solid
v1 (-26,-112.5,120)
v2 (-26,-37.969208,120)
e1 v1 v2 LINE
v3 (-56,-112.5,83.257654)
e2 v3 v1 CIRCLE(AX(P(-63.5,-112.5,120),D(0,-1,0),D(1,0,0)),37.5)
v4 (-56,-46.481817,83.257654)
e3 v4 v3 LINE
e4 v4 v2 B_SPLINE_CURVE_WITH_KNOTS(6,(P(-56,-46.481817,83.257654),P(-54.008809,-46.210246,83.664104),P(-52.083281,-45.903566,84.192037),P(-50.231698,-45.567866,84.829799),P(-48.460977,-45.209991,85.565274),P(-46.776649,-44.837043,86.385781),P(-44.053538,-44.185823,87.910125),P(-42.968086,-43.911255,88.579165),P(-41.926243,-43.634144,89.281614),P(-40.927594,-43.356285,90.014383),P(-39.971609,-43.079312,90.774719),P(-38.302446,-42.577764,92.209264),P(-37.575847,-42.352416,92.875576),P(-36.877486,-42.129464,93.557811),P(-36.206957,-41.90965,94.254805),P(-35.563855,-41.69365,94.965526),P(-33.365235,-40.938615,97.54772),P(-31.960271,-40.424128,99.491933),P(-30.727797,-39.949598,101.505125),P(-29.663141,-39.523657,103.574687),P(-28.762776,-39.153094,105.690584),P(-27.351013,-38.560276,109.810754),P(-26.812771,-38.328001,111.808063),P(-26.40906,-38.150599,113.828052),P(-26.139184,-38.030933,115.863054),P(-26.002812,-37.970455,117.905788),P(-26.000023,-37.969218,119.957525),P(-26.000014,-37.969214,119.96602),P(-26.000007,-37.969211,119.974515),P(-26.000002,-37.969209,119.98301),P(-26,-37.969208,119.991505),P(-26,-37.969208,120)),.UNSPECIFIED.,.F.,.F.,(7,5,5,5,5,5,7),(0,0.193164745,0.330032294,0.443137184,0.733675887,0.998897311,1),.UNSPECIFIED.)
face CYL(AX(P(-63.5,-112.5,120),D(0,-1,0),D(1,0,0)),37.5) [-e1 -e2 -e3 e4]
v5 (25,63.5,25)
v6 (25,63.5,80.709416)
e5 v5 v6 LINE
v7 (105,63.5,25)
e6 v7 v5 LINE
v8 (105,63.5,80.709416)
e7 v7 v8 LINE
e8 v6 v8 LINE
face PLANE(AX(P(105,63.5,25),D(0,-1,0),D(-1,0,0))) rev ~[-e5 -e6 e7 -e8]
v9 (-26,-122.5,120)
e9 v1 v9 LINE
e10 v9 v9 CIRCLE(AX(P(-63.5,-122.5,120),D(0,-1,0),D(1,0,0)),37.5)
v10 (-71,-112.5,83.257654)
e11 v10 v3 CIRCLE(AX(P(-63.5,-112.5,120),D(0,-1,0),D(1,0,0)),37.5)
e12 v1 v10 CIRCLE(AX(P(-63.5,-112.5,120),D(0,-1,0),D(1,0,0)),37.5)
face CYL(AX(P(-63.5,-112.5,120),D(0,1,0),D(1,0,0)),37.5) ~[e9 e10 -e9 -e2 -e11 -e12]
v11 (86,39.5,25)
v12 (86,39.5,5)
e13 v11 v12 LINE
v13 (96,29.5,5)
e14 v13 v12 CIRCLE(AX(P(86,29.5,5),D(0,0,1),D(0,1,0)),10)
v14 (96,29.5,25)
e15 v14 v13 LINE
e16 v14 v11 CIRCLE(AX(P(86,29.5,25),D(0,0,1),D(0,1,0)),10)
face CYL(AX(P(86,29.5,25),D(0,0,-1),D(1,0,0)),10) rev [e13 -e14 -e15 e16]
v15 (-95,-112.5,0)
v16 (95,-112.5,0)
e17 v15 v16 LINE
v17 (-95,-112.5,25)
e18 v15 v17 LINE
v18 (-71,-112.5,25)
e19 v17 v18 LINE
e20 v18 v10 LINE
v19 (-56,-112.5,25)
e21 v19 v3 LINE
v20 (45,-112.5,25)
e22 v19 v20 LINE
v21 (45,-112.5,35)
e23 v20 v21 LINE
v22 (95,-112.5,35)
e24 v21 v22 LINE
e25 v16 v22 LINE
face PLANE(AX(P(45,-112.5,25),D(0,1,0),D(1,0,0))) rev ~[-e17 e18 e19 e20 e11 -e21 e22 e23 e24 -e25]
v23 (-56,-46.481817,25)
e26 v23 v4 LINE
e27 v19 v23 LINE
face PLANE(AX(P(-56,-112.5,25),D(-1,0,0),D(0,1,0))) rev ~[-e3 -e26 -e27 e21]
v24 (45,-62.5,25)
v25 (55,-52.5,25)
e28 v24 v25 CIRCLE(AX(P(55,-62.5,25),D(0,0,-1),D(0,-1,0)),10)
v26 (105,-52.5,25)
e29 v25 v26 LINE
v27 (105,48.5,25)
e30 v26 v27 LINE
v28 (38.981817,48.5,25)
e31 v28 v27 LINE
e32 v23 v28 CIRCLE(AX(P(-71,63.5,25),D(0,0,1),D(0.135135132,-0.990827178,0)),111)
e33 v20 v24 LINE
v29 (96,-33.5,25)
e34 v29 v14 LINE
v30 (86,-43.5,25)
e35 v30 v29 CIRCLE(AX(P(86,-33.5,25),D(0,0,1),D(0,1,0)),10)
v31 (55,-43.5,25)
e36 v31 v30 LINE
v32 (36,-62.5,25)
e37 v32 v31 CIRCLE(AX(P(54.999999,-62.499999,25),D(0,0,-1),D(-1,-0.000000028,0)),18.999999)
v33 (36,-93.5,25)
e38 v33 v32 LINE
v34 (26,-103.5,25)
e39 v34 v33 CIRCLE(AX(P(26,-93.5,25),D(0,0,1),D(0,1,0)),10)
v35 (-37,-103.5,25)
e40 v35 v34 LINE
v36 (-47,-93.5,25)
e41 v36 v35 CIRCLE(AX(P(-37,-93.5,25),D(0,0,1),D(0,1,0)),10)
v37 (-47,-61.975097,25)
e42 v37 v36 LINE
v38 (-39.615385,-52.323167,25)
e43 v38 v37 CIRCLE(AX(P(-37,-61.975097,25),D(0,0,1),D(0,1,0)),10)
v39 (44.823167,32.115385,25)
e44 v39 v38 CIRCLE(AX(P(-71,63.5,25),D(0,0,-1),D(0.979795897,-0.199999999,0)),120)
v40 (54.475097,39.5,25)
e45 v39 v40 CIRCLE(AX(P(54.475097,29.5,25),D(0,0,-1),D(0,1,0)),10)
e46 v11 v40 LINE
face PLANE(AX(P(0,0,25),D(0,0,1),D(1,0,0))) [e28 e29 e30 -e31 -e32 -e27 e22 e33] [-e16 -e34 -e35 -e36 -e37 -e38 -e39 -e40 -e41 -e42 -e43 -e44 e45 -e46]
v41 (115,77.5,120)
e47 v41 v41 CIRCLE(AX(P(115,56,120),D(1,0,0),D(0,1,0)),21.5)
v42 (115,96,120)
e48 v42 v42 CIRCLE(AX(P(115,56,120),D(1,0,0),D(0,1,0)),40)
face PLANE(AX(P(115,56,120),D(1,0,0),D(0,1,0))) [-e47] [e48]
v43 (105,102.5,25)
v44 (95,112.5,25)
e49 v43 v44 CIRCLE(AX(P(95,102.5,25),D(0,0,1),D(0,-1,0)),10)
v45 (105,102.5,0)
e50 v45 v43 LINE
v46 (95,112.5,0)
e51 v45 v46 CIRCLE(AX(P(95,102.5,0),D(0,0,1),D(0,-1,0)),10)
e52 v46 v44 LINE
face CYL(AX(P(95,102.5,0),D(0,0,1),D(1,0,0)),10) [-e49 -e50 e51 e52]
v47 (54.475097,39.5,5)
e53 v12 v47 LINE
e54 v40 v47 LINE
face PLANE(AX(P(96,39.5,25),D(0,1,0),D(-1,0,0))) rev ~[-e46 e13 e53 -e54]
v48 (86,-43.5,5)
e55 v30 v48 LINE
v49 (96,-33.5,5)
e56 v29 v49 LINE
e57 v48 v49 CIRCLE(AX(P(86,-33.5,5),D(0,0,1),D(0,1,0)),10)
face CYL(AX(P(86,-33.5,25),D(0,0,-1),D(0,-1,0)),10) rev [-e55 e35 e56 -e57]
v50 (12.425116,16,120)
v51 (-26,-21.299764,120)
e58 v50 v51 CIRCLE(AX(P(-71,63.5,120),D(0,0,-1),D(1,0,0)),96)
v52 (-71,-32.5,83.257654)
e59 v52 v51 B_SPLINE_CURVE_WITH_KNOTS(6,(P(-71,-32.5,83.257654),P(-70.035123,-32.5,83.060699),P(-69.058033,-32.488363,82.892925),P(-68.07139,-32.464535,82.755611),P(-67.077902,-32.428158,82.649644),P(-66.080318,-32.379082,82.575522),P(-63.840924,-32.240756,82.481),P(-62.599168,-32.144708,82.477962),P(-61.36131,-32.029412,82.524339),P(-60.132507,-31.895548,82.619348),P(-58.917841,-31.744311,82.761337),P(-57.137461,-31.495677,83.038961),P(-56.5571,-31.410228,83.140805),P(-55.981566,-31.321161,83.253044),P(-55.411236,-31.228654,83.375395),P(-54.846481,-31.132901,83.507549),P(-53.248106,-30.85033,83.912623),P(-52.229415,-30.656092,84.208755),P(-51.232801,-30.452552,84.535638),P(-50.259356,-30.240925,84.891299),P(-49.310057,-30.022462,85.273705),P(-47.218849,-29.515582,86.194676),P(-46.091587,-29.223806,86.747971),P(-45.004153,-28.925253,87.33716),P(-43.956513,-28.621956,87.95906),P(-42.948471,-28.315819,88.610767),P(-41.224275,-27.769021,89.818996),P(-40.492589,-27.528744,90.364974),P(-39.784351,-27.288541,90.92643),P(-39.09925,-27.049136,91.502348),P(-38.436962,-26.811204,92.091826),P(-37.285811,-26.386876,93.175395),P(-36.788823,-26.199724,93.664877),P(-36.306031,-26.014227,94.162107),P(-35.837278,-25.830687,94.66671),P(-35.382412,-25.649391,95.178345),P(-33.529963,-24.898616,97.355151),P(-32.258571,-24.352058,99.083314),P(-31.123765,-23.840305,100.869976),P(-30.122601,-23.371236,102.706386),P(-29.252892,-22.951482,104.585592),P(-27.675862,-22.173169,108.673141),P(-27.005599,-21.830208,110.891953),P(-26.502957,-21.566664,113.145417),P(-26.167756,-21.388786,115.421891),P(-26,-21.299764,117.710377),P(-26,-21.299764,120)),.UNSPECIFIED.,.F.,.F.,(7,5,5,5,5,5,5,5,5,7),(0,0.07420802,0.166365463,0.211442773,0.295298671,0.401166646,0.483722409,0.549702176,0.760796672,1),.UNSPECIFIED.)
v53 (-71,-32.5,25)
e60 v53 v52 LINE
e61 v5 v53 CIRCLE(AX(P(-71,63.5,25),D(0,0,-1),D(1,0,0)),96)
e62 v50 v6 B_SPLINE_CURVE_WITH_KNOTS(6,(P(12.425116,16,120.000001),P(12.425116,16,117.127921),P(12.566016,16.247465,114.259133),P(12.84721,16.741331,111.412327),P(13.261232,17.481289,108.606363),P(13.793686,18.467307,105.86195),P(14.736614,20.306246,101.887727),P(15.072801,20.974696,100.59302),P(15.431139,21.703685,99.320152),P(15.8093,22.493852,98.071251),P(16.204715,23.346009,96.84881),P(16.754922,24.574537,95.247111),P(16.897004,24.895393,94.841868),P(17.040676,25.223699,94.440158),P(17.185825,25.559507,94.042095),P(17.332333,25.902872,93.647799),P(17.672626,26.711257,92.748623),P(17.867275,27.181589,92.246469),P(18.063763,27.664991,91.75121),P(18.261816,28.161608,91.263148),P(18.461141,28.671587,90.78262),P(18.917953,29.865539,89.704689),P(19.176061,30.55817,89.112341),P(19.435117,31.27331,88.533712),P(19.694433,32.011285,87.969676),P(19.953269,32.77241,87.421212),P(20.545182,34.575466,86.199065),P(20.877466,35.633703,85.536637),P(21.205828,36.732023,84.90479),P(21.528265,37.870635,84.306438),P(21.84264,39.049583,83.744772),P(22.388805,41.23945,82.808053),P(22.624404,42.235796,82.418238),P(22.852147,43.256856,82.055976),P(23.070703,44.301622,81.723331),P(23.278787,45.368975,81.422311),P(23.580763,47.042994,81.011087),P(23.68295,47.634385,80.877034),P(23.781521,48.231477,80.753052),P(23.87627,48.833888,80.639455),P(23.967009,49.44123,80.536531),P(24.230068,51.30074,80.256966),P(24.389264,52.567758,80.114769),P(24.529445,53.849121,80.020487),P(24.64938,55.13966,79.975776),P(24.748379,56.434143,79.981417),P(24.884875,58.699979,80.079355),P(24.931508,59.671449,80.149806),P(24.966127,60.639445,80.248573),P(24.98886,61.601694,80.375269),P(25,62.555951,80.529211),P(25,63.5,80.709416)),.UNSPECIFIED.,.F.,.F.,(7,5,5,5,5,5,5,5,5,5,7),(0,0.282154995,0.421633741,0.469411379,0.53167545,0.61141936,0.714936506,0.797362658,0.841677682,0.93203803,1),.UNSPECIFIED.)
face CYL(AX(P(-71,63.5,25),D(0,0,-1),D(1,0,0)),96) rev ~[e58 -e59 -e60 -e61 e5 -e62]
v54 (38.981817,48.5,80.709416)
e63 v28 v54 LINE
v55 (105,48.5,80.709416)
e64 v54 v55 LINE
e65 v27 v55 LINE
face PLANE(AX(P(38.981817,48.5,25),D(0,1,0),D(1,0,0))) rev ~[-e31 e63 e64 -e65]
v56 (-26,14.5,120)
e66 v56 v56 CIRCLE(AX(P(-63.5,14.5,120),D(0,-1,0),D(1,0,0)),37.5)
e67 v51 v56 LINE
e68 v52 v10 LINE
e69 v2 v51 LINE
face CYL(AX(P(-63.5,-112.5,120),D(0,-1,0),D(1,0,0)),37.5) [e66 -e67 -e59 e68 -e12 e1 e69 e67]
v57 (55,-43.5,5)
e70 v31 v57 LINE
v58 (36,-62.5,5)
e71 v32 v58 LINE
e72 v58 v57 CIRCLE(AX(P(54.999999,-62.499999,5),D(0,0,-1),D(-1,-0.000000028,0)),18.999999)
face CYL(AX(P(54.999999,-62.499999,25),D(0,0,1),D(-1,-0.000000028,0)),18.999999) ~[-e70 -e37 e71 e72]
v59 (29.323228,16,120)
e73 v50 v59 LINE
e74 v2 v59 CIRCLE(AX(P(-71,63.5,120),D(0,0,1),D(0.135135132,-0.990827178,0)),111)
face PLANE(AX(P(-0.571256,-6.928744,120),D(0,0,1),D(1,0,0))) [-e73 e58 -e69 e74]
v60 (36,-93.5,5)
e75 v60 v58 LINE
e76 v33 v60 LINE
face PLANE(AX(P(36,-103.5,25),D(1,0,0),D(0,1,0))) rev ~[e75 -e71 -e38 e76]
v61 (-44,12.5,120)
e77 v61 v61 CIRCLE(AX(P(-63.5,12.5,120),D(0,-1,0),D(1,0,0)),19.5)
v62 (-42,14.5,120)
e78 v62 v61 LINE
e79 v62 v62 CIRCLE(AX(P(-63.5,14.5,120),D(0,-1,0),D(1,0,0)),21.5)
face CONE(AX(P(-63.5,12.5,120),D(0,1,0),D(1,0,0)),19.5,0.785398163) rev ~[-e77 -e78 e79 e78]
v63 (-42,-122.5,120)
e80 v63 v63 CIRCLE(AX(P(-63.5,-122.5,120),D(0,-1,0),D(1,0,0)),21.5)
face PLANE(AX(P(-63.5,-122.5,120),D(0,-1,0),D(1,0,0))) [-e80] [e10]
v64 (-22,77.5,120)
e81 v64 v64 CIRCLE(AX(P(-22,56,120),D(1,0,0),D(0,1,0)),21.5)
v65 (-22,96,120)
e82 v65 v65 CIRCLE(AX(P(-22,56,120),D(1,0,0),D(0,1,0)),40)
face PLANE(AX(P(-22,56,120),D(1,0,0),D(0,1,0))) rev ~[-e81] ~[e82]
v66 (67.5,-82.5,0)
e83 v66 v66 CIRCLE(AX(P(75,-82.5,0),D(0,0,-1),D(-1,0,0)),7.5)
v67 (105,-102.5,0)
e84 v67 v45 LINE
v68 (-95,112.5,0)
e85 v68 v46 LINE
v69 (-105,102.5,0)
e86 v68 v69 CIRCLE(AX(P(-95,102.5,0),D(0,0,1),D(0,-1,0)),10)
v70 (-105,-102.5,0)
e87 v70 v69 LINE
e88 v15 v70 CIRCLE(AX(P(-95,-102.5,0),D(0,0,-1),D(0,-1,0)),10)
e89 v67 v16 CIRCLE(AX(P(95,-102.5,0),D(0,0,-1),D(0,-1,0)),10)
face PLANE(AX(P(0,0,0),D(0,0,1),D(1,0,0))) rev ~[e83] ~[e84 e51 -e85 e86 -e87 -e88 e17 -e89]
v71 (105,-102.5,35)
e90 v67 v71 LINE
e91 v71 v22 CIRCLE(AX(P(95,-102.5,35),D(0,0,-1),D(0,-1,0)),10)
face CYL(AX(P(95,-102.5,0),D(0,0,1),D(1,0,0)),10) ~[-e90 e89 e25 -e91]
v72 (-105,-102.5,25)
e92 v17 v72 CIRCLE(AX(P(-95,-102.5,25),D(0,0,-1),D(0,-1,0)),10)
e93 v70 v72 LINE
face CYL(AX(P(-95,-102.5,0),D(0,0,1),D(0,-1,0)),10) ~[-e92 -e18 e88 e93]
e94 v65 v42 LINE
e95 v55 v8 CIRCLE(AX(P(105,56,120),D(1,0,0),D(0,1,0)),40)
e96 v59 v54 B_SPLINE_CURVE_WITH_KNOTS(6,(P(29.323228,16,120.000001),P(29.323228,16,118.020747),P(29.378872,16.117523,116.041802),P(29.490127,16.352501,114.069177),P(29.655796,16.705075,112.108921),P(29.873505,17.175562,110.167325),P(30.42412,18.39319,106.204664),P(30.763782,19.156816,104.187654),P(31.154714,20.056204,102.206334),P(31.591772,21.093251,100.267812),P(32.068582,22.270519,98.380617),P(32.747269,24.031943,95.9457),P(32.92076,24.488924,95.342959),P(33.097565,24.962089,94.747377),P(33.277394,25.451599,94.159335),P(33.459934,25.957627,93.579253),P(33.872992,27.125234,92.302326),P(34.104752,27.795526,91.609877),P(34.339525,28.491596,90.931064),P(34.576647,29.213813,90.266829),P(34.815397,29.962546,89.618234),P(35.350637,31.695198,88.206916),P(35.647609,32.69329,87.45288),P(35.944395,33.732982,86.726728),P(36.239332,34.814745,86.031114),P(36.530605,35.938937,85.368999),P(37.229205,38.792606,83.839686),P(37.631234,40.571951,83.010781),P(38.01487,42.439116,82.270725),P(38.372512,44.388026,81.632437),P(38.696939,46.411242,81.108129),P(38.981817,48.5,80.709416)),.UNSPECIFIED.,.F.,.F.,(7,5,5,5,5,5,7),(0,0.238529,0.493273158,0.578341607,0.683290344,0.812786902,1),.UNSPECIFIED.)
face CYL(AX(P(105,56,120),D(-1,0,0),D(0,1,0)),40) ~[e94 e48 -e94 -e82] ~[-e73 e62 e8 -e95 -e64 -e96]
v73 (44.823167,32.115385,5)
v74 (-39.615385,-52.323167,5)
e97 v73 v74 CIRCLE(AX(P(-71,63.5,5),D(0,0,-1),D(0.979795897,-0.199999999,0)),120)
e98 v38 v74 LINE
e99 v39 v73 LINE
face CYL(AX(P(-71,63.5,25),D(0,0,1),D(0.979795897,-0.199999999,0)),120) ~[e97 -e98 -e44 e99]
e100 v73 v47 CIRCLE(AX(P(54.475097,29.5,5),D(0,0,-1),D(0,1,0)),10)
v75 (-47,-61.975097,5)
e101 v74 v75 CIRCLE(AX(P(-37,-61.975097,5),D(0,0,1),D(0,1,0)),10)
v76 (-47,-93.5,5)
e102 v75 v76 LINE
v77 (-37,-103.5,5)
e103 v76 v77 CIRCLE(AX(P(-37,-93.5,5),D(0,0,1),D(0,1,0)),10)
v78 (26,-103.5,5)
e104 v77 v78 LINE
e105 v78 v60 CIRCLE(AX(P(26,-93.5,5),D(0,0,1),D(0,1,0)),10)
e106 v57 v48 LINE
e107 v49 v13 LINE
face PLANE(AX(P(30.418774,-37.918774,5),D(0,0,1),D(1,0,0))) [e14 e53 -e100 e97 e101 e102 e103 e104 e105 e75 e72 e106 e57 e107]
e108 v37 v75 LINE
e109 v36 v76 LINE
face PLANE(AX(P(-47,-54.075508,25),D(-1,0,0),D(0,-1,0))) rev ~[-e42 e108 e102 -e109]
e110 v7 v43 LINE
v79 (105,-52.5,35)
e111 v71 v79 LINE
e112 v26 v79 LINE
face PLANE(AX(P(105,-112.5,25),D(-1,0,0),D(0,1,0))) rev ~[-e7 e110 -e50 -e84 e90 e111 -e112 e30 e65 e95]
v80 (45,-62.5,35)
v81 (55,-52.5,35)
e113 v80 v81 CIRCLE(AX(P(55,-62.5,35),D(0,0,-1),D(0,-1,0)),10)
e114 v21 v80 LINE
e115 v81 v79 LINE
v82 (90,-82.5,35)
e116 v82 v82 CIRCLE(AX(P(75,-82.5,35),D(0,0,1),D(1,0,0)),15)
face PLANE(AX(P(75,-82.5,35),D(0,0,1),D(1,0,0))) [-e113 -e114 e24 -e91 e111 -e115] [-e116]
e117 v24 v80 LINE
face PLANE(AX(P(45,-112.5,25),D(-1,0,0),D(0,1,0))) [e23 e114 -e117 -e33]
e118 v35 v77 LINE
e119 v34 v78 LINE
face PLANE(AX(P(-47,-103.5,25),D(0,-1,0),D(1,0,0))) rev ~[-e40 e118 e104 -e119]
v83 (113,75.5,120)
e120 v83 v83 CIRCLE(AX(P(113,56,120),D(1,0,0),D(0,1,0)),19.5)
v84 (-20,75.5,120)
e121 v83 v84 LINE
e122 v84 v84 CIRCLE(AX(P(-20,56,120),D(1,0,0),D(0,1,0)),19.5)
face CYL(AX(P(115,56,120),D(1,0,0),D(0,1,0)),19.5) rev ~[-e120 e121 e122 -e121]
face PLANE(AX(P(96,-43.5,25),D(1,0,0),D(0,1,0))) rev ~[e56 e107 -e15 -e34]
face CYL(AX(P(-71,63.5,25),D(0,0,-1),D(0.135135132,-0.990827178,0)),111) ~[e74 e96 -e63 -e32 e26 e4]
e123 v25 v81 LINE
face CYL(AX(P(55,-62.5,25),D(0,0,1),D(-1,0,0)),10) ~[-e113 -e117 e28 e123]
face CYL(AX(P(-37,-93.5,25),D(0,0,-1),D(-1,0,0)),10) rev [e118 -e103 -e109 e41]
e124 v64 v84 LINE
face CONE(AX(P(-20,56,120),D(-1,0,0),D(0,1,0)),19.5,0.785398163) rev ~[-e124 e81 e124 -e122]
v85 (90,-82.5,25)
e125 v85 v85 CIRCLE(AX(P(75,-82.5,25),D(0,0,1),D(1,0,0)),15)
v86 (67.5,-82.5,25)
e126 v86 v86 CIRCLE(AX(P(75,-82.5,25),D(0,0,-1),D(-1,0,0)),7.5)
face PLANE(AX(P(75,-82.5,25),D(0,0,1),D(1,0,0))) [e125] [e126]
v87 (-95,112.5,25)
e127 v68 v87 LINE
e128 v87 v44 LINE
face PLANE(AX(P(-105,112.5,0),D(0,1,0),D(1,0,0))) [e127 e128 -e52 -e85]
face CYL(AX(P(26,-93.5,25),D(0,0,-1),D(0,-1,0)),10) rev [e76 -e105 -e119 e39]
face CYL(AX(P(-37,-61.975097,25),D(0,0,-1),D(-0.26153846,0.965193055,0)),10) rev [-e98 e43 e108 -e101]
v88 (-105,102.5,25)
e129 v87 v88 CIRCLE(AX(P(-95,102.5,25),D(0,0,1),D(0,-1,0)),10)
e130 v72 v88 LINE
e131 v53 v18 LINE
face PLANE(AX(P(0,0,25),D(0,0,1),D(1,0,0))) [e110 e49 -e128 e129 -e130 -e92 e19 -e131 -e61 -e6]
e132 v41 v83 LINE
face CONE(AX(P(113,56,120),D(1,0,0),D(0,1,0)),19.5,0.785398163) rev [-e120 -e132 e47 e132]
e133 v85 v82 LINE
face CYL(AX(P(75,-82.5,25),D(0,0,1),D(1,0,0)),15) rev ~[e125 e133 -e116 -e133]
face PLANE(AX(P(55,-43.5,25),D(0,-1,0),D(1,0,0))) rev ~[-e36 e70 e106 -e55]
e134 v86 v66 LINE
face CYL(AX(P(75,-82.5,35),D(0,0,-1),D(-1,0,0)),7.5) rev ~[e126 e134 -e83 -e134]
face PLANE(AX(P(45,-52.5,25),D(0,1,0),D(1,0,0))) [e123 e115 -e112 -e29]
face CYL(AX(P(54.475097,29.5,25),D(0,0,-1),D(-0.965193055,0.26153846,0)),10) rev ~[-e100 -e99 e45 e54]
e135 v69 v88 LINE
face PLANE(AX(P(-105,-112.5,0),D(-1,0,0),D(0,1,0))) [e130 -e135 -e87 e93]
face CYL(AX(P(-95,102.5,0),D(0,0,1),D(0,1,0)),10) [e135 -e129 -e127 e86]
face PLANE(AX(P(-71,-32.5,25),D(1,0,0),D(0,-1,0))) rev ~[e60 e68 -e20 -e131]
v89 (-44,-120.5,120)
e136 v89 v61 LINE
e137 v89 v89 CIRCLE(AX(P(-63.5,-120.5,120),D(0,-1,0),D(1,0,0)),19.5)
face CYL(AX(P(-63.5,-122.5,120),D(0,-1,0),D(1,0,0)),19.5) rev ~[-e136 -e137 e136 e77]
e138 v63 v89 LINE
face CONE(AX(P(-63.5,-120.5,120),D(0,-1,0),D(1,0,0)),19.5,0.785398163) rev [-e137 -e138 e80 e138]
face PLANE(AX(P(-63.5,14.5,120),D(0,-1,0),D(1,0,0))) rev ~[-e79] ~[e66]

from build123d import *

# Parameters (mm, degrees)
F0_W            = 210
F0_H            = 225
F1_DEPTH        = 25
F3_DEPTH        = 95
F4_R            = 37.5
F5_DEPTH        = 10
F5_DEPTH_BACK   = 127
F6_R            = 40
F7_DEPTH        = 10
F7_DEPTH_BACK   = 127
F8_W            = 60
F8_H            = 60
F9_DEPTH        = 10
F10_R           = 10
F12_DEPTH       = 20
F14_D           = 15
F14_CBORE_D     = 30
F14_CBORE_DEPTH = 10
F15_R           = 10
F16_R           = 19.5
F17_DEPTH       = 235.001
F18_R           = 19.5
F19_DEPTH       = 220.001
F20_SIZE        = 2
F21_R           = 10


with BuildPart() as f1:
    # F0 (on Top) → F1 (new body)
    with BuildSketch(Plane.XY):
        Rectangle(F0_W, F0_H)
    extrude(amount=F1_DEPTH)

    # F2 (on face) → F3 (join)
    with BuildSketch(Plane.XY.offset(25)):
        with BuildLine():
            Line((-71, -32.5), (-71, -112.5))
            Line((-71, -112.5), (-56, -112.5))
            Line((-56, -112.5), (-56, -46.481817))
            ThreePointArc((-56, -46.481817), (7.488853, -14.988853), (38.981817, 48.5))
            Line((38.981817, 48.5), (105, 48.5))
            Line((105, 48.5), (105, 63.5))
            Line((105, 63.5), (25, 63.5))
            ThreePointArc((25, 63.5), (-3.117749, -4.382251), (-71, -32.5))
        make_face()
    extrude(amount=F3_DEPTH)

    # F4 (on face) → F5 (join, two sides)
    with BuildSketch(Plane.XZ.offset(112.5)) as f5_sk:
        with Locations((-63.5, 120)):
            Circle(F4_R)
    extrude(amount=F5_DEPTH)
    extrude(f5_sk.sketch, amount=-F5_DEPTH_BACK)

    # F6 (on face) → F7 (join, two sides)
    with BuildSketch(Plane.YZ.offset(105)) as f7_sk:
        with Locations((56, 120)):
            Circle(F6_R)
    extrude(amount=F7_DEPTH)
    extrude(f7_sk.sketch, amount=-F7_DEPTH_BACK)

    # F8 (on face) → F9 (join)
    with BuildSketch(Plane.XY.offset(25)):
        with Locations((75, -82.5)):
            Rectangle(F8_W, F8_H)
    extrude(amount=F9_DEPTH)

    # F10
    f10_edges = [f1.edges().sort_by_distance(p)[0] for p in [
        (45, -52.5, 30),
    ]]
    fillet(f10_edges, radius=F10_R)

    # F11 (on face) → F12 (cut)
    with BuildSketch(Plane.XY.offset(25)):
        with BuildLine():
            ThreePointArc((46.575508, 39.5), (13.852814, -21.352814), (-47, -54.075508))
            Line((-47, -54.075508), (-47, -103.5))
            Line((-47, -103.5), (36, -103.5))
            Line((36, -103.5), (36, -62.5))
            ThreePointArc((36, -62.5), (41.564971, -49.064971), (55, -43.5))
            Line((55, -43.5), (96, -43.5))
            Line((96, -43.5), (96, 39.5))
            Line((96, 39.5), (46.575508, 39.5))
        make_face()
    extrude(amount=-F12_DEPTH, mode=Mode.SUBTRACT)

    # F14 (through all)
    with Locations(Plane.XY.offset(35)):
        with Locations((75, -82.5)):
            CounterBoreHole(F14_D / 2, F14_CBORE_D / 2, F14_CBORE_DEPTH)

    # F15
    f15_edges = [f1.edges().sort_by_distance(p)[0] for p in [
        (46.575508, 39.5, 15),
        (-47, -54.075508, 15),
        (96, 39.5, 15),
        (96, -43.5, 15),
        (36, -103.5, 15),
        (-47, -103.5, 15),
    ]]
    fillet(f15_edges, radius=F15_R)

    # F16 (on face) → F17 (cut, through all)
    with BuildSketch(Plane.XZ.offset(122.5)):
        with Locations((-63.5, 120)):
            Circle(F16_R)
    extrude(amount=-F17_DEPTH, mode=Mode.SUBTRACT)

    # F18 (on face) → F19 (cut, through all)
    with BuildSketch(Plane.YZ.offset(115)):
        with Locations((56, 120)):
            Circle(F18_R)
    extrude(amount=-F19_DEPTH, mode=Mode.SUBTRACT)

    # F20
    f20_edges = [f1.edges().sort_by_distance(p)[0] for p in [
        (-83, -122.5, 120),
        (115, 36.5, 120),
        (-22, 36.5, 120),
        (-83, 14.5, 120),
    ]]
    chamfer(f20_edges, length=F20_SIZE)

    # F21
    f21_edges = [f1.edges().sort_by_distance(p)[0] for p in [
        (-105, -112.5, 12.5),
        (105, -112.5, 17.5),
        (105, 112.5, 12.5),
        (-105, 112.5, 12.5),
    ]]
    fillet(f21_edges, radius=F21_R)


solid = f1.part
